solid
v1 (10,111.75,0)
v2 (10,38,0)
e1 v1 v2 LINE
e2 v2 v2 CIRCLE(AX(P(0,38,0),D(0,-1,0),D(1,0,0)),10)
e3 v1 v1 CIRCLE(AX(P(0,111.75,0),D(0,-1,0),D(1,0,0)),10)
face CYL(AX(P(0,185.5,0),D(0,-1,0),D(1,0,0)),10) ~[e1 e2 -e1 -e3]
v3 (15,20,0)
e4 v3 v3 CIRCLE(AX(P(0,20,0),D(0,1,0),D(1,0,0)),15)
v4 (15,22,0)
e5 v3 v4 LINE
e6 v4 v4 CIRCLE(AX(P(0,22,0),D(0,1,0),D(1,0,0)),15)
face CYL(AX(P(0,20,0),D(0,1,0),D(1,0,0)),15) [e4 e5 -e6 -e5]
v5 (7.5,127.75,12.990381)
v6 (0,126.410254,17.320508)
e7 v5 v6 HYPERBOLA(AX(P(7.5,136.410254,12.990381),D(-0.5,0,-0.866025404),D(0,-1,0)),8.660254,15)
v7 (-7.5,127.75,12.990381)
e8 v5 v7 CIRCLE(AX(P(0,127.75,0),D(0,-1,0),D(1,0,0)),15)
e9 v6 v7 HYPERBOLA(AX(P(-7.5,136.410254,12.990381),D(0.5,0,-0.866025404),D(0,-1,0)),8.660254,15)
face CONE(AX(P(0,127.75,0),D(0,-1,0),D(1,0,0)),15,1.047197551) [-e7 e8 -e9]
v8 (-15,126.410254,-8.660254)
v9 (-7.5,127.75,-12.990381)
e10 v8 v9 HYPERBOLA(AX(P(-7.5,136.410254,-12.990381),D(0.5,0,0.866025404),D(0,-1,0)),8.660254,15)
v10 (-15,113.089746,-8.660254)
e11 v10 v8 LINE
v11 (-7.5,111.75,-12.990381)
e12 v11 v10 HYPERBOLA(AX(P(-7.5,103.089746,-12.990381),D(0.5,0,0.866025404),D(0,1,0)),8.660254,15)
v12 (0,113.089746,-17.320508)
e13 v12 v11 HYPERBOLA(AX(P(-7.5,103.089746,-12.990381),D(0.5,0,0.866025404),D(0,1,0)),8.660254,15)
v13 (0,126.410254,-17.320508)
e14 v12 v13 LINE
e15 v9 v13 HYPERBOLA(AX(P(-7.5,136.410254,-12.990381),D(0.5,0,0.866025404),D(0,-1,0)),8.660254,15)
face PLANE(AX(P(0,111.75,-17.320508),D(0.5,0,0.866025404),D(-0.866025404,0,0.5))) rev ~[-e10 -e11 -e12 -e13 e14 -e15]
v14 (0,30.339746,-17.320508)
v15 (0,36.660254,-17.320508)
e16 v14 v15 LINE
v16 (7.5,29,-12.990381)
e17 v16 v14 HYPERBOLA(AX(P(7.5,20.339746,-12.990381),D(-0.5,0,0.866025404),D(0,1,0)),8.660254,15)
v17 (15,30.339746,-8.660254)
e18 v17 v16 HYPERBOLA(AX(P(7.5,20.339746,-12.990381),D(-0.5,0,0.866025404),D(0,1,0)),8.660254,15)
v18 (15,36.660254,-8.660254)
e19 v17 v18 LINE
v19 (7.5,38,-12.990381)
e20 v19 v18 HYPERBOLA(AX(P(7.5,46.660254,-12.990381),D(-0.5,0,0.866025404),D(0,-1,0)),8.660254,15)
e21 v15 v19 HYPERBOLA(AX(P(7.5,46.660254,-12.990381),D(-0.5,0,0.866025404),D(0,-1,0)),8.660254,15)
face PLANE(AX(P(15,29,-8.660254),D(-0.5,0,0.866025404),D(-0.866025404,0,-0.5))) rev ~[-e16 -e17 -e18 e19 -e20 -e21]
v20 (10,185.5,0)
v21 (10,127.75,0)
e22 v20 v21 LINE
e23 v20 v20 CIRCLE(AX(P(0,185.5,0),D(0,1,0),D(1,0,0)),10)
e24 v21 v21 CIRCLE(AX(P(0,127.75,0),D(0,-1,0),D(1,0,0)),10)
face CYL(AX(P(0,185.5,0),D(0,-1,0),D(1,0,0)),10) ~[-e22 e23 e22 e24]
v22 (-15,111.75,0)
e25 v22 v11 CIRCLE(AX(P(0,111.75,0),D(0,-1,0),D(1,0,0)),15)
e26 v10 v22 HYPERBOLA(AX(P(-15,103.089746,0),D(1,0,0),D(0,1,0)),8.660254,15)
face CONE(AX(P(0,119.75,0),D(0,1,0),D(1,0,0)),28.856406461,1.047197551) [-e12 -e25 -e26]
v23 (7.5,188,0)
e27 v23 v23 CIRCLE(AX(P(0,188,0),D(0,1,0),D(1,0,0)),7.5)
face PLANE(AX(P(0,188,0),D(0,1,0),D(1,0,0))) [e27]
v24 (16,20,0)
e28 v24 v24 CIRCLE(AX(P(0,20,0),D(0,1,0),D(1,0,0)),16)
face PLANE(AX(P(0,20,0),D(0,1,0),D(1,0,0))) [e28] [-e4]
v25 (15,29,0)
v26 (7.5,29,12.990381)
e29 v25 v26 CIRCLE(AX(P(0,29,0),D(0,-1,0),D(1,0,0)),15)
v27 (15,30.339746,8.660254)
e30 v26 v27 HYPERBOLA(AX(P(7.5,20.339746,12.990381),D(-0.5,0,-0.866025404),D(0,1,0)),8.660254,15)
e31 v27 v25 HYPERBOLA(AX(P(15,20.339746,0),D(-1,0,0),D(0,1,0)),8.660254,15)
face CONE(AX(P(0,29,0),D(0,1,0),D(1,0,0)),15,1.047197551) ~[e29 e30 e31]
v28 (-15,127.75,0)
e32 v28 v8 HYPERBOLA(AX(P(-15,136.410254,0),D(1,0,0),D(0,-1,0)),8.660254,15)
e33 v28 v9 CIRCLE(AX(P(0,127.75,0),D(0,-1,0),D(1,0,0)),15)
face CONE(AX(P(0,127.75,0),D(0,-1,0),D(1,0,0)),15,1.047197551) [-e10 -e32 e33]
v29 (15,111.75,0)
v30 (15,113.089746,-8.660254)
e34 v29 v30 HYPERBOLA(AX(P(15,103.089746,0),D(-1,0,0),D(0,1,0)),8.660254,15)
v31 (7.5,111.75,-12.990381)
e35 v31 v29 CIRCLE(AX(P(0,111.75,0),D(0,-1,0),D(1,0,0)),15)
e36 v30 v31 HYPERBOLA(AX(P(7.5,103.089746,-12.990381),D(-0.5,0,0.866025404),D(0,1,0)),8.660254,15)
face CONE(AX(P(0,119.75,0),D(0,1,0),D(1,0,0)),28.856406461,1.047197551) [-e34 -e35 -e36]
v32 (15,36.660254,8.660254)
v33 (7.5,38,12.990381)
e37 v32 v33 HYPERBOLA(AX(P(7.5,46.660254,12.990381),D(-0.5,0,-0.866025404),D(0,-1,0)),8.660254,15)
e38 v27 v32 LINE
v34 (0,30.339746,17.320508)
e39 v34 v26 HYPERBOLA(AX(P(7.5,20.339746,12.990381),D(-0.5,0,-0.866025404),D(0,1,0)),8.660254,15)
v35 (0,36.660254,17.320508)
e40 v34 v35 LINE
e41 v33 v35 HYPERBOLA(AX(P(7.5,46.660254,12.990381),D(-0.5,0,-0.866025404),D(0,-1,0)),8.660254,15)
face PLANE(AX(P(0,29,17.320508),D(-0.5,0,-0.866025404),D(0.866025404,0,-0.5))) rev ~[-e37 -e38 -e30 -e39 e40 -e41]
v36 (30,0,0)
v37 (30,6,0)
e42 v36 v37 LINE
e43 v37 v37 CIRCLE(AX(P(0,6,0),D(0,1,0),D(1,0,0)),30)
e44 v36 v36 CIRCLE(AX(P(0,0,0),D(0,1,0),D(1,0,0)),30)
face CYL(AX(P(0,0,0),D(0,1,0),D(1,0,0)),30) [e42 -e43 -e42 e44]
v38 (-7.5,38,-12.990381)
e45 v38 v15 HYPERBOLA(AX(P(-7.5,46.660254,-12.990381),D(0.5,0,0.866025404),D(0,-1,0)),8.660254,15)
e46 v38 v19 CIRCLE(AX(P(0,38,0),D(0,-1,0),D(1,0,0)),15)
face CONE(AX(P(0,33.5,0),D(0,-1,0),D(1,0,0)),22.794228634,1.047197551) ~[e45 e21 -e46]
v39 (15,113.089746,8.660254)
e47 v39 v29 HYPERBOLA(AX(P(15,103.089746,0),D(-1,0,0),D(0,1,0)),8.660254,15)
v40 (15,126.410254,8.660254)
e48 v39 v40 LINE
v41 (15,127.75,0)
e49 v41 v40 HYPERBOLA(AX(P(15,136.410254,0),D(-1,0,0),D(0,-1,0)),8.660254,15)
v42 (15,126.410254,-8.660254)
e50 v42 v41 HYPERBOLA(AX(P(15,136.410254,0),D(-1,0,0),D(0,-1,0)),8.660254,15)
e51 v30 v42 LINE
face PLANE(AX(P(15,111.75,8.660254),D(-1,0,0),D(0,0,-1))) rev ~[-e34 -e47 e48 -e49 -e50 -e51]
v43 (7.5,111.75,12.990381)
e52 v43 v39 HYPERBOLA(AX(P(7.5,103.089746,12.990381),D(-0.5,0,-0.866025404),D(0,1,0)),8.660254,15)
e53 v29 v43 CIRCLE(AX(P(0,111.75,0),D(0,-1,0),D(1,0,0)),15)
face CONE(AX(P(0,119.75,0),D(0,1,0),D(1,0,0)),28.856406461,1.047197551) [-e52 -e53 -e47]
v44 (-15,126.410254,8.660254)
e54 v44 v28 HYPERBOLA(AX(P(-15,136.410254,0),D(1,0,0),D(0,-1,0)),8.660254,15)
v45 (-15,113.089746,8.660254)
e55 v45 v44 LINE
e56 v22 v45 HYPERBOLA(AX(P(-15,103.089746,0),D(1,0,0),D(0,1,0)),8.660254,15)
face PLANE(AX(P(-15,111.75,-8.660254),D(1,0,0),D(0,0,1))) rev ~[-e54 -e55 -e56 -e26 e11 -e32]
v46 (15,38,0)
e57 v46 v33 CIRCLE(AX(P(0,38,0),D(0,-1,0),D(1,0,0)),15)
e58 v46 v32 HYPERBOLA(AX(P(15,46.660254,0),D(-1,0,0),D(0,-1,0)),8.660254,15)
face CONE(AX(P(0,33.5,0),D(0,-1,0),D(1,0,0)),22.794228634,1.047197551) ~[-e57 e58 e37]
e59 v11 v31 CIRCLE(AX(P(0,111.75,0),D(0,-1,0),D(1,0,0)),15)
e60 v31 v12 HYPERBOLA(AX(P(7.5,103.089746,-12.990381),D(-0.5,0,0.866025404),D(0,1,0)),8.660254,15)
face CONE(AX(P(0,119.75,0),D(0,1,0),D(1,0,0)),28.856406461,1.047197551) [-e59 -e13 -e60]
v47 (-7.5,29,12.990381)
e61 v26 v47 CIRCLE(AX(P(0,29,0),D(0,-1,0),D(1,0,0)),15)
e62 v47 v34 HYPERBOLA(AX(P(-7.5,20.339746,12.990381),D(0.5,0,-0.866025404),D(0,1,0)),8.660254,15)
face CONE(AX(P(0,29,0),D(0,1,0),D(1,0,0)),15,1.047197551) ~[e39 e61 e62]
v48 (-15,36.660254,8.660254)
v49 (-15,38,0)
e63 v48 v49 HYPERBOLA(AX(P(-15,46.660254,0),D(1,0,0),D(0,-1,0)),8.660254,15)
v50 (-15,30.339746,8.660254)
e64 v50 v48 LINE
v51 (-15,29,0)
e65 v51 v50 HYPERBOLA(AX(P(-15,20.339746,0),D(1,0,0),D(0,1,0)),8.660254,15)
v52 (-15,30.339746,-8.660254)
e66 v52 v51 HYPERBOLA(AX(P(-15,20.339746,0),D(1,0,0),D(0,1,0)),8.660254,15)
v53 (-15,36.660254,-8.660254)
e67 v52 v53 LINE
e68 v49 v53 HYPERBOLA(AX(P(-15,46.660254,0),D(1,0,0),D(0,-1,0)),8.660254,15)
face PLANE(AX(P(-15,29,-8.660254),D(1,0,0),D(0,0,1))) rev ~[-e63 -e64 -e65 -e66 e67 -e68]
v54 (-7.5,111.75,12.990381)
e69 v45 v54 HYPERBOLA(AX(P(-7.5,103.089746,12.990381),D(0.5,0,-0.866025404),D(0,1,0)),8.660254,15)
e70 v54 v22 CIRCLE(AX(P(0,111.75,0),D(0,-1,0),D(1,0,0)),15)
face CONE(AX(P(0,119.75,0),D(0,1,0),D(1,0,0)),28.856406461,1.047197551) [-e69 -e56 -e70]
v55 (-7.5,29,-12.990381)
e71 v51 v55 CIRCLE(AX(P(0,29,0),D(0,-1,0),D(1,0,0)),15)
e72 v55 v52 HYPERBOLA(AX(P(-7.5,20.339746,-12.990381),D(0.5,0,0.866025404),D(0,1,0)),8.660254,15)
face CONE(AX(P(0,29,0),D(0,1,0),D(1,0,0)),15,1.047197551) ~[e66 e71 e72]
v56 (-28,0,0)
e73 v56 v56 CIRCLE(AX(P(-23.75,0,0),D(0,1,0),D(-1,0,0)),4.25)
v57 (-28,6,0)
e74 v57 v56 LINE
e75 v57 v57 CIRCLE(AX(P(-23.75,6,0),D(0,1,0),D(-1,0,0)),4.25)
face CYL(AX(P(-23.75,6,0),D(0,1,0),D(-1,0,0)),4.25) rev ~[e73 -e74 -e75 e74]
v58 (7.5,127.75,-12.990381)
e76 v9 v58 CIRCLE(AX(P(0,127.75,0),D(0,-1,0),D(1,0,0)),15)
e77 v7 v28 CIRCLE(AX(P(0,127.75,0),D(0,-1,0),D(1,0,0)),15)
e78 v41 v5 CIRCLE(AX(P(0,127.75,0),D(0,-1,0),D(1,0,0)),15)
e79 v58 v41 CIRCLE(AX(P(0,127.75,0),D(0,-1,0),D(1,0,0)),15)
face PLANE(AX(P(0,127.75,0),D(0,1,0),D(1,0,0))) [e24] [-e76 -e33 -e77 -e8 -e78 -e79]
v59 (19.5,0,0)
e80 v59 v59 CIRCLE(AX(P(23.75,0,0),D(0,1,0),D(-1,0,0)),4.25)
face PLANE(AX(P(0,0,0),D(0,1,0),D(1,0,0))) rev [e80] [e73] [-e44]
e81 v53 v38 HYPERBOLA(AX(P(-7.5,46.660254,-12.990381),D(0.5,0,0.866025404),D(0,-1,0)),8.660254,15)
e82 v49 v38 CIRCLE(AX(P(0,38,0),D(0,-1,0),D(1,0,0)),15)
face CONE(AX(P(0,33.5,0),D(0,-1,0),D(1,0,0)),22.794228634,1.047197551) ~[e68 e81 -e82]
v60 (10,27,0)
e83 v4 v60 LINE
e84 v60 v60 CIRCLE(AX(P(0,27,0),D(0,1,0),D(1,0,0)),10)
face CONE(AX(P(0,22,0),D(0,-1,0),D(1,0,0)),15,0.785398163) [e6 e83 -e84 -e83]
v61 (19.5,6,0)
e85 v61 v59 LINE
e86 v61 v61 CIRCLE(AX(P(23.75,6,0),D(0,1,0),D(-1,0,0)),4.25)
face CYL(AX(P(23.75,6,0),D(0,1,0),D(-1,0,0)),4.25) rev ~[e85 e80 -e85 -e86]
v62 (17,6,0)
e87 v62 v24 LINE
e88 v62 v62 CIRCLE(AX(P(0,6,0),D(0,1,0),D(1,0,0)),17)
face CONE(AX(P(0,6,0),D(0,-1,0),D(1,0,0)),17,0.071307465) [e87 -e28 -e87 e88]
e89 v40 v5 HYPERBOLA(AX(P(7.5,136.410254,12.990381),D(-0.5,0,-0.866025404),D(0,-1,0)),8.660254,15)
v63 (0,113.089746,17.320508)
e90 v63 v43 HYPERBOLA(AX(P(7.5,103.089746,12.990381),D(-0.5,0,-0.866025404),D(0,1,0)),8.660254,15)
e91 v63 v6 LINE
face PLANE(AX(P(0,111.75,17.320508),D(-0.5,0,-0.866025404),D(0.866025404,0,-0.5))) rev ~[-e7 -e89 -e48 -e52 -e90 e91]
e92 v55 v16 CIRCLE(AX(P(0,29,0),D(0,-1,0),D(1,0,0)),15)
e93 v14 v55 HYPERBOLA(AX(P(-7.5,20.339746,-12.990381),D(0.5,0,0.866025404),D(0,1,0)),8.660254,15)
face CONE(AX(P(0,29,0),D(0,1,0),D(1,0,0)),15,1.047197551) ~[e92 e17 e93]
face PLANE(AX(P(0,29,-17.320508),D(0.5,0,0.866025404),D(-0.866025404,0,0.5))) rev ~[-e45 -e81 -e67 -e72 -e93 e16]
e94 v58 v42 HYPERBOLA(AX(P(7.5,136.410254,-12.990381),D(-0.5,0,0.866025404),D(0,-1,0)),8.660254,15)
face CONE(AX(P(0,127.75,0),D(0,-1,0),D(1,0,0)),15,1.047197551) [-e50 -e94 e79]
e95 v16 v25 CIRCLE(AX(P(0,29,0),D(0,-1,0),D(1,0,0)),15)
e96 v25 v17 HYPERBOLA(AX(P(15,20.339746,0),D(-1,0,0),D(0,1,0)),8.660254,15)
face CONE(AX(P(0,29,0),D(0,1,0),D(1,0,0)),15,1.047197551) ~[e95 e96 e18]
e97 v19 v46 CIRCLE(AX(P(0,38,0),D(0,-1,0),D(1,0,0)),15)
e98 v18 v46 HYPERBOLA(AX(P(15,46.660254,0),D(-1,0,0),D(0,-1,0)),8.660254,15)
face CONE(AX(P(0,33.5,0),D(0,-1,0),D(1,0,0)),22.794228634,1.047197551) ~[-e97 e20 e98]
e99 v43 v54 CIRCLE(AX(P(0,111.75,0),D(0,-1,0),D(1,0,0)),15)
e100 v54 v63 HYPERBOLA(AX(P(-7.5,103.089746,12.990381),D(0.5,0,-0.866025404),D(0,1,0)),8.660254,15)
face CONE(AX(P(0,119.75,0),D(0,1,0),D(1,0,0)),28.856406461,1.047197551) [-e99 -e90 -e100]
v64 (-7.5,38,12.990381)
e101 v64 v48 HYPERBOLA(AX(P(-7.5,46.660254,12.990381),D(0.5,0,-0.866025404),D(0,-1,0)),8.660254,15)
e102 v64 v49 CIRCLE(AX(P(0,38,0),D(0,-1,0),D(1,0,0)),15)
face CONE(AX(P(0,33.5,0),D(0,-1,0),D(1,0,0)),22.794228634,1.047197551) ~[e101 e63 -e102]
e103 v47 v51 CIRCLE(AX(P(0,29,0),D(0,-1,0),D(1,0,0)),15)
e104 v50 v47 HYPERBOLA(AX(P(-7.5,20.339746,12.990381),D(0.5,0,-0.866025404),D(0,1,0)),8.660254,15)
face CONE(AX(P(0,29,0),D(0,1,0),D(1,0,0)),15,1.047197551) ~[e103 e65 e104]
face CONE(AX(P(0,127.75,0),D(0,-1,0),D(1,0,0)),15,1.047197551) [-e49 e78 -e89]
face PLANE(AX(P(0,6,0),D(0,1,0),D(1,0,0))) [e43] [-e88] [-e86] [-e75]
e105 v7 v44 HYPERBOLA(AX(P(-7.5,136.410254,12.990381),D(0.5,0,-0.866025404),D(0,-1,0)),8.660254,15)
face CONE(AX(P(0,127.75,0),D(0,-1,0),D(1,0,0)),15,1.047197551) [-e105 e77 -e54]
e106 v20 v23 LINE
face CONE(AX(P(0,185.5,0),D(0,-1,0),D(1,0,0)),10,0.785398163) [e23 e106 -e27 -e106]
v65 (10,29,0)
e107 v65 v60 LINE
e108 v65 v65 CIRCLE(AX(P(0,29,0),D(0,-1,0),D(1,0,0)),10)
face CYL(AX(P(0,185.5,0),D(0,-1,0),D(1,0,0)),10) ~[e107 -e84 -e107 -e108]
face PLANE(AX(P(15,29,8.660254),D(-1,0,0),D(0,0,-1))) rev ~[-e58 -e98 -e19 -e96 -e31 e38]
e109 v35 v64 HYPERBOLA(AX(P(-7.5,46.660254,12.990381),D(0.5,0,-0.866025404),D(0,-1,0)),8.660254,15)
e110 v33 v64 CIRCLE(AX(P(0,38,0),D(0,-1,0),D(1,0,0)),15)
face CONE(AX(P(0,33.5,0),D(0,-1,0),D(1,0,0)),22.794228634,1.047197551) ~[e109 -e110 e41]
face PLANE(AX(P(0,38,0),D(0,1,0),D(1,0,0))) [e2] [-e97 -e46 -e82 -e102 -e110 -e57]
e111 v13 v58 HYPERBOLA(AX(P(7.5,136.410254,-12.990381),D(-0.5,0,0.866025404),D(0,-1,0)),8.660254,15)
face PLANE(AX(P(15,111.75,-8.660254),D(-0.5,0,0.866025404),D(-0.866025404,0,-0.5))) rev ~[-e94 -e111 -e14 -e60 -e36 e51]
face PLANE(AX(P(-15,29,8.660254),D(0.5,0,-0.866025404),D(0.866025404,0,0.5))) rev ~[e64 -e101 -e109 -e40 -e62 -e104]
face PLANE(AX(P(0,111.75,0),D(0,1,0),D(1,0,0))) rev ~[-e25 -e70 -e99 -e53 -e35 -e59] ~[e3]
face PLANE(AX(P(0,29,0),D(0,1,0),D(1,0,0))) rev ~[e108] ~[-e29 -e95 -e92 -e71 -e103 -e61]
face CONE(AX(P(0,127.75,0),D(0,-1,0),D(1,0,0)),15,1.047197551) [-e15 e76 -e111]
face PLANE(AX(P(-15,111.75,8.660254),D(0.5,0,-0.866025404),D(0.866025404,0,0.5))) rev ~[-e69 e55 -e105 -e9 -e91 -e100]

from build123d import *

# Parameters (mm, degrees)
EXTRUDE_1_DEPTH     = 9
EXTRUDE_2_DEPTH     = 16
SKETCH_5_R          = 4.25
CUT_EXTRUDE_1_DEPTH = 7


with BuildPart() as part:
    # Эскиз1 → Повернуть1 (revolve)
    with BuildSketch(Plane.XY, mode=Mode.PRIVATE) as revolve_1_sk:
        Polygon((0, 0), (-30, 0), (-30, 6), (-17, 6), (-16, 20), (-15, 20), (-15, 22), (-10, 27), (-10, 29), (-10, 38), (-10, 185.5), (-7.5, 188), (0, 188), align=None)
    revolve(revolve_1_sk.sketch.rotate(Axis((0, 0, 0), (0, 1, 0)), 180), axis=Axis((0, 0, 0), (0, 1, 0)))  # turned: the seam where the file's is

    # Эскиз2 → Бобышка-Вытянуть1 (add)
    with BuildSketch(Plane(origin=(0, 29, 0), x_dir=(1, 0, 0), z_dir=(0, 1, 0))):
        Polygon((0, 17.320508076), (-15, 8.660254038), (-15, -8.660254038), (0, -17.320508076), (15, -8.660254038), (15, 8.660254038), align=None)
    extrude(amount=EXTRUDE_1_DEPTH)

    # Эскиз3 → Бобышка-Вытянуть2 (add)
    with BuildSketch(Plane(origin=(0, 111.75, 0), x_dir=(1, 0, 0), z_dir=(0, 1, 0))):
        Polygon((15, 8.660254038), (0, 17.320508076), (-15, 8.660254038), (-15, -8.660254038), (0, -17.320508076), (15, -8.660254038), align=None)
    extrude(amount=EXTRUDE_2_DEPTH)

    # Эскиз4 → Вырез-Повернуть2 (revolve, cut)
    with BuildSketch(Plane.XY, mode=Mode.PRIVATE) as cut_revolve_2_sk:
        Polygon((-28.856406461, 127.75), (-15, 127.75), (-28.856406461, 119.75), align=None)
        Polygon((-28.856406461, 111.75), (-28.856406461, 119.75), (-15, 111.75), align=None)
        Polygon((-22.794228634, 38), (-22.794228634, 33.5), (-15, 38), align=None)
        Polygon((-22.794228634, 33.5), (-22.794228634, 29), (-15, 29), align=None)
    revolve(cut_revolve_2_sk.sketch.rotate(Axis((0, 188, 0), (0, -1, 0)), 180), axis=Axis((0, 188, 0), (0, -1, 0)), mode=Mode.SUBTRACT)  # turned: the seam where the file's is

    # Эскиз5 → Вырез-Вытянуть1 (cut, through all)
    with BuildSketch(Plane(origin=(0, 6, 0), x_dir=(1, 0, 0), z_dir=(0, 1, 0))):
        with Locations(Location((-23.75, 0, 0), (0, 0, 180))):  # turned: the seam where the file's is
            Circle(SKETCH_5_R)
        with Locations(Location((23.75, 0, 0), (0, 0, 180))):  # turned: the seam where the file's is
            Circle(SKETCH_5_R)
    extrude(amount=-CUT_EXTRUDE_1_DEPTH, mode=Mode.SUBTRACT)


solid = part.part
